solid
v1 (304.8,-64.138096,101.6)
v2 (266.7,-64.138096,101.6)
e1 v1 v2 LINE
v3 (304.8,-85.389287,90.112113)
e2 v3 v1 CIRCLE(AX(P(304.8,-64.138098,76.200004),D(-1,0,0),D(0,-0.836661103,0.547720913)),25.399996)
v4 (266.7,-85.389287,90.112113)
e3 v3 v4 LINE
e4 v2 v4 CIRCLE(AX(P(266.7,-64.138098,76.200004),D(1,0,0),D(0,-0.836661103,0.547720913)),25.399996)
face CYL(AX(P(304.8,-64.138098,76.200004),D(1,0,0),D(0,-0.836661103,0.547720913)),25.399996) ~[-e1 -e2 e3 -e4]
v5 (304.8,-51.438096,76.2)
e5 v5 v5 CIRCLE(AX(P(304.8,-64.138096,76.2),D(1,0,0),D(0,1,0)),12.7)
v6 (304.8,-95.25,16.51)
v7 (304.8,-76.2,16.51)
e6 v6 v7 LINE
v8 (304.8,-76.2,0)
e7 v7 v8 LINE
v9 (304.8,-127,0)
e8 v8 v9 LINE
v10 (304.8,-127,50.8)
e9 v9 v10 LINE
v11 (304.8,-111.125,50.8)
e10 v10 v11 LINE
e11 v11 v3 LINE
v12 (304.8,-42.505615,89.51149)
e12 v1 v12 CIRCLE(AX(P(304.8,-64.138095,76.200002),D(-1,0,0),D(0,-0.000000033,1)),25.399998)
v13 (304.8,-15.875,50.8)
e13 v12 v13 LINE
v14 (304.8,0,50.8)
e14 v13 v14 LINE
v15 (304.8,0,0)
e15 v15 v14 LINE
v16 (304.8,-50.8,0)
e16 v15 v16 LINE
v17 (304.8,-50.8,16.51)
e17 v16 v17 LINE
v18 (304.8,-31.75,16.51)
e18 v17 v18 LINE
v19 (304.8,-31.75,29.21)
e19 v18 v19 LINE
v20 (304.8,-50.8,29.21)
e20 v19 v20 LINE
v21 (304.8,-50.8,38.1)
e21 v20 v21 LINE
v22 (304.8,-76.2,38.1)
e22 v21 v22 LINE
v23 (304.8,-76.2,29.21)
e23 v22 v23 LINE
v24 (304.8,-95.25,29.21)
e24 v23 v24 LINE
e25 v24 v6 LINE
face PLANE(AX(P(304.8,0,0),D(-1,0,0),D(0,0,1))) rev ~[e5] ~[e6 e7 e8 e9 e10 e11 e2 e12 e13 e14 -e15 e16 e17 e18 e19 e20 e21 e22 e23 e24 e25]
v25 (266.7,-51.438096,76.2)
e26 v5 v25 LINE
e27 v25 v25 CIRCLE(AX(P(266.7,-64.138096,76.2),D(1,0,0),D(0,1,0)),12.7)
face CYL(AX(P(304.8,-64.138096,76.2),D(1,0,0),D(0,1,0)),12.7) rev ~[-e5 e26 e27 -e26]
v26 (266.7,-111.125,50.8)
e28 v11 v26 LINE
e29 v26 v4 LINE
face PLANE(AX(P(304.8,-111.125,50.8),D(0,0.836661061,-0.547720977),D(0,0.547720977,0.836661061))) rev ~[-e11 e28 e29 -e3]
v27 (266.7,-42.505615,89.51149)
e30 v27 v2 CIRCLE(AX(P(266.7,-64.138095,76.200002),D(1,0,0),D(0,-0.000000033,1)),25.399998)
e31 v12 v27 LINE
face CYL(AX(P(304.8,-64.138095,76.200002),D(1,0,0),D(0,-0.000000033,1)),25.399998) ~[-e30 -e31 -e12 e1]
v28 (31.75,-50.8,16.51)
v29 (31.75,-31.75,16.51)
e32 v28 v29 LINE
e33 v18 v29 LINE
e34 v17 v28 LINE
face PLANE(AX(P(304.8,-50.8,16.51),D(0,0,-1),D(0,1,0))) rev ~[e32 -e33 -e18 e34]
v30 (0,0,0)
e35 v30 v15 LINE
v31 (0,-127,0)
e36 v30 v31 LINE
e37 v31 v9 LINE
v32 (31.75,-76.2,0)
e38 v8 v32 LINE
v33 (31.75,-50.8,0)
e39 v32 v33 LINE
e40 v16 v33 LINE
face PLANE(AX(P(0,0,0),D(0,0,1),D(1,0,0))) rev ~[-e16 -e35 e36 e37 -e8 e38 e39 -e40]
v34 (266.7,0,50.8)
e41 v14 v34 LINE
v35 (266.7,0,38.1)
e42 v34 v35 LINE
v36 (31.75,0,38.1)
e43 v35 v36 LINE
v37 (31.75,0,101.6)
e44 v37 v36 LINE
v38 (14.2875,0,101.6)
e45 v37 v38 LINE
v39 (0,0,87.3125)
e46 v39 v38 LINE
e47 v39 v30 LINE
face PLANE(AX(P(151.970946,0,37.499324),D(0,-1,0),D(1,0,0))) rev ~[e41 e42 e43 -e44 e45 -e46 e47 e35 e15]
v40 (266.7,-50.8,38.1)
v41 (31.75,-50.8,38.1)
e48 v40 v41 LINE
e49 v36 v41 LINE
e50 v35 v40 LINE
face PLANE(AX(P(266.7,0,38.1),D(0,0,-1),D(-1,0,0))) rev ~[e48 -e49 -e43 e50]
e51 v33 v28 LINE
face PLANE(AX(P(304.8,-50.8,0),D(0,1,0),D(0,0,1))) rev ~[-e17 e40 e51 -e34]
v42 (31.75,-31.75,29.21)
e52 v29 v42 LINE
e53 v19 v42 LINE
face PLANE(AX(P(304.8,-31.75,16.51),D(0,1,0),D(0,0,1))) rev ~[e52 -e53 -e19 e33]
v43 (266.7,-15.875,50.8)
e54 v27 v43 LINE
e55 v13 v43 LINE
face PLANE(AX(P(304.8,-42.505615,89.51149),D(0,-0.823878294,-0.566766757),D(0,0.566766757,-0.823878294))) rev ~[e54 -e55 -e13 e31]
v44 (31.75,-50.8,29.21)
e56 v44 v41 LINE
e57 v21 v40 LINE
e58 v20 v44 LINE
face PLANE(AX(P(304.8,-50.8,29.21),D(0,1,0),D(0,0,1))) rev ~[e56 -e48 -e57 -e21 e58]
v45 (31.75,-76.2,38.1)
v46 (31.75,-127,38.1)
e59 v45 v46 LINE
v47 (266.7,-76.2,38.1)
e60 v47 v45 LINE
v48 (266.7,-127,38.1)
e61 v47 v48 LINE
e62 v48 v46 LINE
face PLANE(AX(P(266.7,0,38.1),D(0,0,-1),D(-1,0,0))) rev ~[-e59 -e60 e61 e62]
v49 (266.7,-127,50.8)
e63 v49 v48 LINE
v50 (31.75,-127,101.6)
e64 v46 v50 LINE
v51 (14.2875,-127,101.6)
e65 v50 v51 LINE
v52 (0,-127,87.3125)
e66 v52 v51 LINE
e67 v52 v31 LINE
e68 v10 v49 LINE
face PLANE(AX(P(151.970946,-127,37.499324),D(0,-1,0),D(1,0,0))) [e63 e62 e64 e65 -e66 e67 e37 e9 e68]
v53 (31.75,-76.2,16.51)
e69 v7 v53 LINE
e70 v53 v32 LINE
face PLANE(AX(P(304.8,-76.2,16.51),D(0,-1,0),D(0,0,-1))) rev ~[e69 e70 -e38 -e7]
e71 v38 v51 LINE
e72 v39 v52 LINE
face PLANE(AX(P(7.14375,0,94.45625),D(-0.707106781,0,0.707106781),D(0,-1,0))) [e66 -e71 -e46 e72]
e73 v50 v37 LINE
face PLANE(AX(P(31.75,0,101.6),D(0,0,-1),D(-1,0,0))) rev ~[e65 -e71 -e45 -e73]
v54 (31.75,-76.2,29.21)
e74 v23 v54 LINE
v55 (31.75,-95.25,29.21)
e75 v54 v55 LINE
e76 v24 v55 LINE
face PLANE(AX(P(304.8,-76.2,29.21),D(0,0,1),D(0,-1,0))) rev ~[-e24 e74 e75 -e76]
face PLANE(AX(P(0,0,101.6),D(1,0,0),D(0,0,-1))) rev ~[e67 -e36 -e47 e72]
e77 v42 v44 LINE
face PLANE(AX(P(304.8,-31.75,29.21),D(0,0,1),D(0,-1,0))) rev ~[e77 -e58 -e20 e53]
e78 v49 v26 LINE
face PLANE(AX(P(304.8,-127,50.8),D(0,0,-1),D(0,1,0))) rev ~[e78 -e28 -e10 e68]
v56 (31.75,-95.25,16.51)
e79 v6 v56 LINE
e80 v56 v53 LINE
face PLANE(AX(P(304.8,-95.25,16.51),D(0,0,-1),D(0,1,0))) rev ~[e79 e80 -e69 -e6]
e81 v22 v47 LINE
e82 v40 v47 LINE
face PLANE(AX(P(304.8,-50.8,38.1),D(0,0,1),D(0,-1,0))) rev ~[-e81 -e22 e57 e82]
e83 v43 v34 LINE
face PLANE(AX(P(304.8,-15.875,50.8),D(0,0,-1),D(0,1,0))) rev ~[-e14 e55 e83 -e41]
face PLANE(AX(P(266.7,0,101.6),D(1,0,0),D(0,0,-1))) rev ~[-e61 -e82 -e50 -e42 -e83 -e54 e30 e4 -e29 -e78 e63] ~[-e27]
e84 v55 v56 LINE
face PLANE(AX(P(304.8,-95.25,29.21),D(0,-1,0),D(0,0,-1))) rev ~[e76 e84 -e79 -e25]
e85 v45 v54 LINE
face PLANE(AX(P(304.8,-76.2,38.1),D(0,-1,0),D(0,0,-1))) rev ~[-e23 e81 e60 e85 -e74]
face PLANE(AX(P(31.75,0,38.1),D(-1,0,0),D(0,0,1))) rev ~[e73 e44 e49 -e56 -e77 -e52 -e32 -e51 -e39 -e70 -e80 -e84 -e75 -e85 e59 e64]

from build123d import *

# Parameters (mm, degrees)
F1_DEPTH = 127
F2_SIZE  = 14.2875
F3_R     = 12.7
F4_DEPTH = 273.05


with BuildPart() as f1:
    # F0 (on Front) → F1 (new body)
    with BuildSketch(Plane.XZ):
        Polygon((0, 101.6), (0, 0), (304.8, 0), (304.8, 101.6), (266.7, 101.6), (266.7, 38.1), (31.75, 38.1), (31.75, 101.6), align=None)
    extrude(amount=F1_DEPTH)

    # F2
    f2_edges = [f1.edges().sort_by_distance(p)[0] for p in [
        (0, -63.5, 101.6),
    ]]
    chamfer(f2_edges, length=F2_SIZE)

    # F3 (on face) → F4 (cut)
    with BuildSketch(Plane.YZ.offset(304.8)):
        with BuildLine():
            ThreePointArc((-85.389287, 90.112113), (-76.216845, 98.544213), (-64.138096, 101.6))
            Line((-64.138096, 101.6), (-127, 101.6))
            Line((-127, 101.6), (-127, 50.8))
            Line((-127, 50.8), (-111.125, 50.8))
            Line((-111.125, 50.8), (-85.389287, 90.112113))
        make_face()
        with BuildLine():
            Line((-15.875, 50.8), (0, 50.8))
            Line((0, 50.8), (0, 101.6))
            Line((0, 101.6), (-64.138096, 101.6))
            ThreePointArc((-64.138096, 101.6), (-51.747613, 98.372865), (-42.505615, 89.51149))
            Line((-42.505615, 89.51149), (-15.875, 50.8))
        make_face()
        with Locations((-64.138096, 76.2)):
            Circle(F3_R)
        Polygon((-76.2, 16.51), (-76.2, 0), (-50.8, 0), (-50.8, 16.51), (-31.75, 16.51), (-31.75, 29.21), (-50.8, 29.21), (-50.8, 38.1), (-76.2, 38.1), (-76.2, 29.21), (-95.25, 29.21), (-95.25, 16.51), align=None)
    extrude(amount=-F4_DEPTH, mode=Mode.SUBTRACT)


solid = f1.part
